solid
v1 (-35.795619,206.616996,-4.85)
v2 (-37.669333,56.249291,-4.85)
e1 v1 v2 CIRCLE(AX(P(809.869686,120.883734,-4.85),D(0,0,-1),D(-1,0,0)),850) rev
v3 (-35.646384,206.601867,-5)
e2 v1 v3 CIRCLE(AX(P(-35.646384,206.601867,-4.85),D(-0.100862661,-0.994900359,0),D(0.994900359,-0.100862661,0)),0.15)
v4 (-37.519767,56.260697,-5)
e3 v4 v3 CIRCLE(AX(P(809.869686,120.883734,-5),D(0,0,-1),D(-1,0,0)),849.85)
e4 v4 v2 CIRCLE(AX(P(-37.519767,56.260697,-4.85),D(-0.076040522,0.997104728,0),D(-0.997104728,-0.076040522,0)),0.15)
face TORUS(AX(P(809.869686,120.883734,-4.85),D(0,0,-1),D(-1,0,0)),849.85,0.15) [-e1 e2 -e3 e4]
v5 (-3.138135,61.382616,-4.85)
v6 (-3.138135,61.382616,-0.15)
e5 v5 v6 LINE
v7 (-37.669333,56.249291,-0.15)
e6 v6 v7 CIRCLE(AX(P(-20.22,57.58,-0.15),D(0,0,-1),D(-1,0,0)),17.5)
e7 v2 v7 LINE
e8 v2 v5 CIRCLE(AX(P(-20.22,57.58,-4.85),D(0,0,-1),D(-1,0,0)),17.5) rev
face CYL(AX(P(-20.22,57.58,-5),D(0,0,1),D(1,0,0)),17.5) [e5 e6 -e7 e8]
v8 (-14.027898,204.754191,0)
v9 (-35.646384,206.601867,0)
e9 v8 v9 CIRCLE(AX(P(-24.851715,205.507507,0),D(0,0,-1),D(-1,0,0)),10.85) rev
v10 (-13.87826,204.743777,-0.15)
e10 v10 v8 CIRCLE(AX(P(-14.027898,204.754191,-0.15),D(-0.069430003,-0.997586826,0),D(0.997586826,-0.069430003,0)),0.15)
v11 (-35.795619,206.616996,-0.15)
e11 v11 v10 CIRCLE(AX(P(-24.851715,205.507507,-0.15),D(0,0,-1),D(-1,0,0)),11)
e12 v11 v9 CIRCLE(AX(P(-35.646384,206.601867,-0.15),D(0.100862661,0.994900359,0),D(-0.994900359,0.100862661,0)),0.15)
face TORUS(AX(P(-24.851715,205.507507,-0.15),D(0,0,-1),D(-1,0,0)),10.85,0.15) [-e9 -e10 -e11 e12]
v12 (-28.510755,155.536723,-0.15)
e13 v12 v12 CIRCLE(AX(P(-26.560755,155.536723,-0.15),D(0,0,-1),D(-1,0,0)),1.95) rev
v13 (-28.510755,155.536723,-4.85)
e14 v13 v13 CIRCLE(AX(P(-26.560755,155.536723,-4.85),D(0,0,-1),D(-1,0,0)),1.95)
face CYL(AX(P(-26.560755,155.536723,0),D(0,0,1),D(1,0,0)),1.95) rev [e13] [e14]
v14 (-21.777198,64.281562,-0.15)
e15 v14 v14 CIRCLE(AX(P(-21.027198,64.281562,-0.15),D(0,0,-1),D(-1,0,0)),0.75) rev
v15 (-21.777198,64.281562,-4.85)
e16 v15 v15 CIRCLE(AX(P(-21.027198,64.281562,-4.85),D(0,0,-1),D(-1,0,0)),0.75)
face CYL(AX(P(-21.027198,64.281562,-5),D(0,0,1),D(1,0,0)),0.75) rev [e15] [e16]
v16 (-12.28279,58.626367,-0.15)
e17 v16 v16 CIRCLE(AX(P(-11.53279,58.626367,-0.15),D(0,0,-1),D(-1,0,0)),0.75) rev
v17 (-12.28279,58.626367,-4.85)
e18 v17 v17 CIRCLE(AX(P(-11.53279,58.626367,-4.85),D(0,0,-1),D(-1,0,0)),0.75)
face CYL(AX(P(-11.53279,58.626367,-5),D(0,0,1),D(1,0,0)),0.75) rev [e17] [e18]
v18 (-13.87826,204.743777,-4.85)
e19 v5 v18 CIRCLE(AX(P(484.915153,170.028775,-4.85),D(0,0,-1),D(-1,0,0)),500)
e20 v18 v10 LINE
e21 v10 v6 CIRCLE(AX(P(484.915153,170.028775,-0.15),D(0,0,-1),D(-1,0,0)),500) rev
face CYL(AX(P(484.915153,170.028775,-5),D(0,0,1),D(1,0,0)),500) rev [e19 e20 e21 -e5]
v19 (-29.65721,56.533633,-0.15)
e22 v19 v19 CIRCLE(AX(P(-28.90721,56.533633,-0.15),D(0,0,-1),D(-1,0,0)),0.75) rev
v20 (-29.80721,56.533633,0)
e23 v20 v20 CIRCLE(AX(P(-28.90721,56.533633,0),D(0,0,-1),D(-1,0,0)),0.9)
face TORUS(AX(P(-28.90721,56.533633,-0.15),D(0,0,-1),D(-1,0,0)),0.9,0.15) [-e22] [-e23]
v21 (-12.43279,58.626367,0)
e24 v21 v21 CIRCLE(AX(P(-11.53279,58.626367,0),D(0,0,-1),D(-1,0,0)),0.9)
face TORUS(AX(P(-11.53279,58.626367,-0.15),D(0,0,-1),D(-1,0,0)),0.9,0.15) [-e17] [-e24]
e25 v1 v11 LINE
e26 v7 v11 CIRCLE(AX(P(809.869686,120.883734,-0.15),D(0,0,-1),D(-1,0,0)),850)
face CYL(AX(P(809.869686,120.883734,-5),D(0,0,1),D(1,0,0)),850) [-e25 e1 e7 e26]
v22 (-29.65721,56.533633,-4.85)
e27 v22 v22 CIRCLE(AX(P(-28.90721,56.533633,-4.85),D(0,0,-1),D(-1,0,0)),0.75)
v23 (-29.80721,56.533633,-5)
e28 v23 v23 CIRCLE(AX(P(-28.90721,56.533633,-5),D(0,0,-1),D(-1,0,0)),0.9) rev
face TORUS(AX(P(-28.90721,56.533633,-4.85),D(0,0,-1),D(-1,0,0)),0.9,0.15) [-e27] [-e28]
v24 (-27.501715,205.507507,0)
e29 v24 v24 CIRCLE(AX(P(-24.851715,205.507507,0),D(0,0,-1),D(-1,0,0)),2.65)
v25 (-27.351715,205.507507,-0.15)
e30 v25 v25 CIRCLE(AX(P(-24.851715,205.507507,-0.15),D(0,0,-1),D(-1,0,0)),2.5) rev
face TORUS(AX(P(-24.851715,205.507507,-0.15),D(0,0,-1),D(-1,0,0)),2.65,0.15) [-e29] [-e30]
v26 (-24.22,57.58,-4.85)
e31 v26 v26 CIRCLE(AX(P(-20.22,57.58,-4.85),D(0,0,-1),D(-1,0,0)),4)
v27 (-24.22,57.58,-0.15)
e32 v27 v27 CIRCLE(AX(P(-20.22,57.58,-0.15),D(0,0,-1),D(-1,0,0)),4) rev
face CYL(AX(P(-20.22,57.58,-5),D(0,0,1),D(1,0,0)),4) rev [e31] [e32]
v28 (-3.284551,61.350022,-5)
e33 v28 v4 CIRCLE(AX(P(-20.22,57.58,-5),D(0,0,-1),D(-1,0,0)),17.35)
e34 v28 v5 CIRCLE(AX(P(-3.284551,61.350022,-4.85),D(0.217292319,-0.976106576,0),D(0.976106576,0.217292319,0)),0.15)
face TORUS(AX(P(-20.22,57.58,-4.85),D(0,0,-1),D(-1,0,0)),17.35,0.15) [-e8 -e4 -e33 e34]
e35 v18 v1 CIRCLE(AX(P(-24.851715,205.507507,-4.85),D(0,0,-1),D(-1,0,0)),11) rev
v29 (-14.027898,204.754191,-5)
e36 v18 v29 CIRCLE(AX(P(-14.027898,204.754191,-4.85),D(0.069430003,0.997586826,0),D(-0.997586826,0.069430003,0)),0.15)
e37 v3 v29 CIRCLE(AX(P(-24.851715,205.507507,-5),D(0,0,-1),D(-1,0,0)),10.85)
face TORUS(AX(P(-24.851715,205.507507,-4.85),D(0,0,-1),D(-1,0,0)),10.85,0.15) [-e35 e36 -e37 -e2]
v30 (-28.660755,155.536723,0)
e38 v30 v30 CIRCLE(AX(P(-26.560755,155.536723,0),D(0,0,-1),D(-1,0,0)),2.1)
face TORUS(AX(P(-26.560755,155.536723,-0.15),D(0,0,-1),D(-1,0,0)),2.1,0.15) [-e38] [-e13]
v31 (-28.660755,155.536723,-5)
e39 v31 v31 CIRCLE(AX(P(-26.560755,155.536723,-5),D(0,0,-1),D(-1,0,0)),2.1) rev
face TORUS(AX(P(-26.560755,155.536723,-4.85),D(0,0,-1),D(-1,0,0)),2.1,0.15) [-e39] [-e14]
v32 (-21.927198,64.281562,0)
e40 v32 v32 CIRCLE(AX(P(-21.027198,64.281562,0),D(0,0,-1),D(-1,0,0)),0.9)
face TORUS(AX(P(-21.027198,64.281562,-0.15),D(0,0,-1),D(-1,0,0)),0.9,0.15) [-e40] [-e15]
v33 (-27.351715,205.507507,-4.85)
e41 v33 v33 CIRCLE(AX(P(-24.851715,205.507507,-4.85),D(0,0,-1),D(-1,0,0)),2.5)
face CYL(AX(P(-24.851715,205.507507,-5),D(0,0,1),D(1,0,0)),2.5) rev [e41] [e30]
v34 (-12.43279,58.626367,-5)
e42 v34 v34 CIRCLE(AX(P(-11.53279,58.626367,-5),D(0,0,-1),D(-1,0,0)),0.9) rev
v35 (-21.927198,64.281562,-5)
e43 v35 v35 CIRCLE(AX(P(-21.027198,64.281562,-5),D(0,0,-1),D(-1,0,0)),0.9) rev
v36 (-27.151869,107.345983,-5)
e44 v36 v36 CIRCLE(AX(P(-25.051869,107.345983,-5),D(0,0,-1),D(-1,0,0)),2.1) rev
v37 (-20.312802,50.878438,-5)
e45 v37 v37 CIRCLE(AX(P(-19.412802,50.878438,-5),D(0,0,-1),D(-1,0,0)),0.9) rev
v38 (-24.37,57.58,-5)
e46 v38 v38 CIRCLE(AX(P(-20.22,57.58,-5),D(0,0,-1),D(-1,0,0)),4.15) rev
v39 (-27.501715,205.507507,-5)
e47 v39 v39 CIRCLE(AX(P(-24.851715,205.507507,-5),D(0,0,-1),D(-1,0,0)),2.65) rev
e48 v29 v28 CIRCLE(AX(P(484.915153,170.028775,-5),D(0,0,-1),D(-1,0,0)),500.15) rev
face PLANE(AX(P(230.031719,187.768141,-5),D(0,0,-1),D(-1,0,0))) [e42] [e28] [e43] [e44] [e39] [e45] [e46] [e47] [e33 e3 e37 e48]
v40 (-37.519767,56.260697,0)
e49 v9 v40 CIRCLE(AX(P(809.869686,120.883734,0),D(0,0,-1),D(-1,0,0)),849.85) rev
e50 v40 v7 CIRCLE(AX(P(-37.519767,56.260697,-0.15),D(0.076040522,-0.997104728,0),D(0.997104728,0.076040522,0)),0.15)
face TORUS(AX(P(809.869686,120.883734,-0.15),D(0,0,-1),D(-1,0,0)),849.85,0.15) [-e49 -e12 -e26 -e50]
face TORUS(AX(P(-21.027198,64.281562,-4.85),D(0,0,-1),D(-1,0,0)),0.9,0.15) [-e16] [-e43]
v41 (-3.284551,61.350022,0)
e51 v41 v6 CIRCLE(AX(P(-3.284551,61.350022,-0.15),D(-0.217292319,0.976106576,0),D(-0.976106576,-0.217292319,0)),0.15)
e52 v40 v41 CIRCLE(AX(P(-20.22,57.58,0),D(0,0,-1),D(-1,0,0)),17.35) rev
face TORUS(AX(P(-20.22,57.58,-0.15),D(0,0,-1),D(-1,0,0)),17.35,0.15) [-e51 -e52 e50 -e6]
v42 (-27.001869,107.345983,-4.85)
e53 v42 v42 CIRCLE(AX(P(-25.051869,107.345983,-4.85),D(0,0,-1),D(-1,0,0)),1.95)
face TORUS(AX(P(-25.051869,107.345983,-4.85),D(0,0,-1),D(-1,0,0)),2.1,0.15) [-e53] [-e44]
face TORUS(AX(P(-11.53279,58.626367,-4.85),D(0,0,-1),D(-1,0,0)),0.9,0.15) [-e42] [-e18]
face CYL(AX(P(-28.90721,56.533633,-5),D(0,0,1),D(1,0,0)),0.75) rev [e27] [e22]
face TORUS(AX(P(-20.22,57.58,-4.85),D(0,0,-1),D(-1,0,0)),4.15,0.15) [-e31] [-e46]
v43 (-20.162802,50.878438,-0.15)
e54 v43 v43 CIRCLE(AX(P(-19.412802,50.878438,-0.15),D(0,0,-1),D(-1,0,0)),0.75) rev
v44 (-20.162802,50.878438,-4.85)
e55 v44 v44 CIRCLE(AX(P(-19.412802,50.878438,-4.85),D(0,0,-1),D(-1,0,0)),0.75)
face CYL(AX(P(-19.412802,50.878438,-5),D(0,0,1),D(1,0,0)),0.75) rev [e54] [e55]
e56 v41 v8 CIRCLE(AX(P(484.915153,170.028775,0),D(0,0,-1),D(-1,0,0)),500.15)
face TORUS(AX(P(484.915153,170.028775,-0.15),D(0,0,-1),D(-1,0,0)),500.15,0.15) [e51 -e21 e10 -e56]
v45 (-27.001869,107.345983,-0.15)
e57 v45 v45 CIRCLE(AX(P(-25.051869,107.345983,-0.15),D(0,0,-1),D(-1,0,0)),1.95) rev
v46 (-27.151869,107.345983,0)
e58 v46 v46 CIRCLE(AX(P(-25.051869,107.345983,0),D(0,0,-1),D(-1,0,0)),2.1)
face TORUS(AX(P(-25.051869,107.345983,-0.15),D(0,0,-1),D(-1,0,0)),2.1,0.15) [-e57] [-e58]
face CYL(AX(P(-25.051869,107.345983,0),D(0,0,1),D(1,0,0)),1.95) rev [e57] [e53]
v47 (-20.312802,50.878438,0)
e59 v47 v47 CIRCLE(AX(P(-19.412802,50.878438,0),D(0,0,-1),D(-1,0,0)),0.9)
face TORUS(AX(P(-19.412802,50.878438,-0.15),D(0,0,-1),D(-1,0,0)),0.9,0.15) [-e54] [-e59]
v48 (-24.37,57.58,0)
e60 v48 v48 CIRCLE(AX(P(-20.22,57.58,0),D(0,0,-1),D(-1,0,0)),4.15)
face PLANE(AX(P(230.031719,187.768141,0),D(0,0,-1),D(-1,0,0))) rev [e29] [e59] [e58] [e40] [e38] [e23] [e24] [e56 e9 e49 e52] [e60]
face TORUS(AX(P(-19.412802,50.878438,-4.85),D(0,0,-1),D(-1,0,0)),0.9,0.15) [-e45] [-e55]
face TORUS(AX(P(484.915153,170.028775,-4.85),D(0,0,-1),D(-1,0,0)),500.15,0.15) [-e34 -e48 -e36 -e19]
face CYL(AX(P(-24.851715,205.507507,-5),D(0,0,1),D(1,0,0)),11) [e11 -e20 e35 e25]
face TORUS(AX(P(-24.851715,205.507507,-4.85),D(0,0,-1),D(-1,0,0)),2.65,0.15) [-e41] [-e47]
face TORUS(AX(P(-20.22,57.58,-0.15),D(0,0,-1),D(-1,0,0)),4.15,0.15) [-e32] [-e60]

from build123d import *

# Parameters (mm, degrees)
SKETCH1_R              = 2.5
SKETCH1_R_2            = 4
SKETCH1_R_3            = 0.75
BOSS_EXTRUDE4_DEPTH    = 5
M3_5_CLEARANCE_HOLE1_D = 3.9
FILLET1_R              = 0.15


with BuildPart() as part:
    # Sketch1 → Boss-Extrude4 (new body)
    with BuildSketch(Plane.XY):
        with BuildLine():
            ThreePointArc((-13.878259617, 204.743776599), (-13.687602918, 132.675172847), (-3.138134916, 61.382615581))
            ThreePointArc((-3.138134916, 61.382615581), (-17.646769778, 40.270219926), (-37.669332744, 56.249290867))
            ThreePointArc((-37.669332744, 56.249290867), (-40.064330182, 131.474661226), (-35.795618645, 206.616995899))
            ThreePointArc((-35.795618645, 206.616995899), (-23.91498851, 216.467549702), (-13.878259617, 204.743776599))
        make_face()
        with Locations((-24.851714699, 205.507506634)):
            Circle(SKETCH1_R, mode=Mode.SUBTRACT)
        with Locations((-20.22, 57.58)):
            Circle(SKETCH1_R_2, mode=Mode.SUBTRACT)
        with Locations((-21.027197653, 64.281561904)):
            Circle(SKETCH1_R_3, mode=Mode.SUBTRACT)
        with Locations((-28.907209875, 56.533632672)):
            Circle(SKETCH1_R_3, mode=Mode.SUBTRACT)
        with Locations((-11.532790125, 58.626367328)):
            Circle(SKETCH1_R_3, mode=Mode.SUBTRACT)
        with Locations((-19.412802347, 50.878438096)):
            Circle(SKETCH1_R_3, mode=Mode.SUBTRACT)
    extrude(amount=-BOSS_EXTRUDE4_DEPTH)

    # M3.5 Clearance Hole1 (through all)
    with Locations(Plane.XY):
        with Locations((-25.051869168, 107.345982763), (-26.560755288, 155.536723368)):
            Hole(M3_5_CLEARANCE_HOLE1_D / 2)

    # Fillet1
    fillet1_edges = [part.edges().sort_by_distance(p)[0] for p in [
        (-27.351714699, 205.507506634, -5),
        (-27.351714699, 205.507506634, 0),
        (-17.646769778, 40.270219926, -5),
        (-24.22, 57.58, -5),
        (-24.22, 57.58, 0),
        (-13.687602918, 132.675172847, -5),
        (-21.777197653, 64.281561904, -5),
        (-21.777197653, 64.281561904, 0),
        (-29.657209875, 56.533632672, -5),
        (-29.657209875, 56.533632672, 0),
        (-12.282790125, 58.626367328, -5),
        (-12.282790125, 58.626367328, 0),
        (-20.162802347, 50.878438096, -5),
        (-20.162802347, 50.878438096, 0),
        (-24.610755288, 155.536723368, 0),
        (-24.610755288, 155.536723368, -5),
        (-23.101869168, 107.345982763, 0),
        (-23.101869168, 107.345982763, -5),
        (-23.91498851, 216.467549702, -5),
        (-13.687602918, 132.675172847, 0),
        (-17.646769778, 40.270219926, 0),
        (-40.064330182, 131.474661226, 0),
        (-23.91498851, 216.467549702, 0),
        (-40.064330182, 131.474661226, -5),
    ]]
    fillet(fillet1_edges, radius=FILLET1_R)


solid = part.part
